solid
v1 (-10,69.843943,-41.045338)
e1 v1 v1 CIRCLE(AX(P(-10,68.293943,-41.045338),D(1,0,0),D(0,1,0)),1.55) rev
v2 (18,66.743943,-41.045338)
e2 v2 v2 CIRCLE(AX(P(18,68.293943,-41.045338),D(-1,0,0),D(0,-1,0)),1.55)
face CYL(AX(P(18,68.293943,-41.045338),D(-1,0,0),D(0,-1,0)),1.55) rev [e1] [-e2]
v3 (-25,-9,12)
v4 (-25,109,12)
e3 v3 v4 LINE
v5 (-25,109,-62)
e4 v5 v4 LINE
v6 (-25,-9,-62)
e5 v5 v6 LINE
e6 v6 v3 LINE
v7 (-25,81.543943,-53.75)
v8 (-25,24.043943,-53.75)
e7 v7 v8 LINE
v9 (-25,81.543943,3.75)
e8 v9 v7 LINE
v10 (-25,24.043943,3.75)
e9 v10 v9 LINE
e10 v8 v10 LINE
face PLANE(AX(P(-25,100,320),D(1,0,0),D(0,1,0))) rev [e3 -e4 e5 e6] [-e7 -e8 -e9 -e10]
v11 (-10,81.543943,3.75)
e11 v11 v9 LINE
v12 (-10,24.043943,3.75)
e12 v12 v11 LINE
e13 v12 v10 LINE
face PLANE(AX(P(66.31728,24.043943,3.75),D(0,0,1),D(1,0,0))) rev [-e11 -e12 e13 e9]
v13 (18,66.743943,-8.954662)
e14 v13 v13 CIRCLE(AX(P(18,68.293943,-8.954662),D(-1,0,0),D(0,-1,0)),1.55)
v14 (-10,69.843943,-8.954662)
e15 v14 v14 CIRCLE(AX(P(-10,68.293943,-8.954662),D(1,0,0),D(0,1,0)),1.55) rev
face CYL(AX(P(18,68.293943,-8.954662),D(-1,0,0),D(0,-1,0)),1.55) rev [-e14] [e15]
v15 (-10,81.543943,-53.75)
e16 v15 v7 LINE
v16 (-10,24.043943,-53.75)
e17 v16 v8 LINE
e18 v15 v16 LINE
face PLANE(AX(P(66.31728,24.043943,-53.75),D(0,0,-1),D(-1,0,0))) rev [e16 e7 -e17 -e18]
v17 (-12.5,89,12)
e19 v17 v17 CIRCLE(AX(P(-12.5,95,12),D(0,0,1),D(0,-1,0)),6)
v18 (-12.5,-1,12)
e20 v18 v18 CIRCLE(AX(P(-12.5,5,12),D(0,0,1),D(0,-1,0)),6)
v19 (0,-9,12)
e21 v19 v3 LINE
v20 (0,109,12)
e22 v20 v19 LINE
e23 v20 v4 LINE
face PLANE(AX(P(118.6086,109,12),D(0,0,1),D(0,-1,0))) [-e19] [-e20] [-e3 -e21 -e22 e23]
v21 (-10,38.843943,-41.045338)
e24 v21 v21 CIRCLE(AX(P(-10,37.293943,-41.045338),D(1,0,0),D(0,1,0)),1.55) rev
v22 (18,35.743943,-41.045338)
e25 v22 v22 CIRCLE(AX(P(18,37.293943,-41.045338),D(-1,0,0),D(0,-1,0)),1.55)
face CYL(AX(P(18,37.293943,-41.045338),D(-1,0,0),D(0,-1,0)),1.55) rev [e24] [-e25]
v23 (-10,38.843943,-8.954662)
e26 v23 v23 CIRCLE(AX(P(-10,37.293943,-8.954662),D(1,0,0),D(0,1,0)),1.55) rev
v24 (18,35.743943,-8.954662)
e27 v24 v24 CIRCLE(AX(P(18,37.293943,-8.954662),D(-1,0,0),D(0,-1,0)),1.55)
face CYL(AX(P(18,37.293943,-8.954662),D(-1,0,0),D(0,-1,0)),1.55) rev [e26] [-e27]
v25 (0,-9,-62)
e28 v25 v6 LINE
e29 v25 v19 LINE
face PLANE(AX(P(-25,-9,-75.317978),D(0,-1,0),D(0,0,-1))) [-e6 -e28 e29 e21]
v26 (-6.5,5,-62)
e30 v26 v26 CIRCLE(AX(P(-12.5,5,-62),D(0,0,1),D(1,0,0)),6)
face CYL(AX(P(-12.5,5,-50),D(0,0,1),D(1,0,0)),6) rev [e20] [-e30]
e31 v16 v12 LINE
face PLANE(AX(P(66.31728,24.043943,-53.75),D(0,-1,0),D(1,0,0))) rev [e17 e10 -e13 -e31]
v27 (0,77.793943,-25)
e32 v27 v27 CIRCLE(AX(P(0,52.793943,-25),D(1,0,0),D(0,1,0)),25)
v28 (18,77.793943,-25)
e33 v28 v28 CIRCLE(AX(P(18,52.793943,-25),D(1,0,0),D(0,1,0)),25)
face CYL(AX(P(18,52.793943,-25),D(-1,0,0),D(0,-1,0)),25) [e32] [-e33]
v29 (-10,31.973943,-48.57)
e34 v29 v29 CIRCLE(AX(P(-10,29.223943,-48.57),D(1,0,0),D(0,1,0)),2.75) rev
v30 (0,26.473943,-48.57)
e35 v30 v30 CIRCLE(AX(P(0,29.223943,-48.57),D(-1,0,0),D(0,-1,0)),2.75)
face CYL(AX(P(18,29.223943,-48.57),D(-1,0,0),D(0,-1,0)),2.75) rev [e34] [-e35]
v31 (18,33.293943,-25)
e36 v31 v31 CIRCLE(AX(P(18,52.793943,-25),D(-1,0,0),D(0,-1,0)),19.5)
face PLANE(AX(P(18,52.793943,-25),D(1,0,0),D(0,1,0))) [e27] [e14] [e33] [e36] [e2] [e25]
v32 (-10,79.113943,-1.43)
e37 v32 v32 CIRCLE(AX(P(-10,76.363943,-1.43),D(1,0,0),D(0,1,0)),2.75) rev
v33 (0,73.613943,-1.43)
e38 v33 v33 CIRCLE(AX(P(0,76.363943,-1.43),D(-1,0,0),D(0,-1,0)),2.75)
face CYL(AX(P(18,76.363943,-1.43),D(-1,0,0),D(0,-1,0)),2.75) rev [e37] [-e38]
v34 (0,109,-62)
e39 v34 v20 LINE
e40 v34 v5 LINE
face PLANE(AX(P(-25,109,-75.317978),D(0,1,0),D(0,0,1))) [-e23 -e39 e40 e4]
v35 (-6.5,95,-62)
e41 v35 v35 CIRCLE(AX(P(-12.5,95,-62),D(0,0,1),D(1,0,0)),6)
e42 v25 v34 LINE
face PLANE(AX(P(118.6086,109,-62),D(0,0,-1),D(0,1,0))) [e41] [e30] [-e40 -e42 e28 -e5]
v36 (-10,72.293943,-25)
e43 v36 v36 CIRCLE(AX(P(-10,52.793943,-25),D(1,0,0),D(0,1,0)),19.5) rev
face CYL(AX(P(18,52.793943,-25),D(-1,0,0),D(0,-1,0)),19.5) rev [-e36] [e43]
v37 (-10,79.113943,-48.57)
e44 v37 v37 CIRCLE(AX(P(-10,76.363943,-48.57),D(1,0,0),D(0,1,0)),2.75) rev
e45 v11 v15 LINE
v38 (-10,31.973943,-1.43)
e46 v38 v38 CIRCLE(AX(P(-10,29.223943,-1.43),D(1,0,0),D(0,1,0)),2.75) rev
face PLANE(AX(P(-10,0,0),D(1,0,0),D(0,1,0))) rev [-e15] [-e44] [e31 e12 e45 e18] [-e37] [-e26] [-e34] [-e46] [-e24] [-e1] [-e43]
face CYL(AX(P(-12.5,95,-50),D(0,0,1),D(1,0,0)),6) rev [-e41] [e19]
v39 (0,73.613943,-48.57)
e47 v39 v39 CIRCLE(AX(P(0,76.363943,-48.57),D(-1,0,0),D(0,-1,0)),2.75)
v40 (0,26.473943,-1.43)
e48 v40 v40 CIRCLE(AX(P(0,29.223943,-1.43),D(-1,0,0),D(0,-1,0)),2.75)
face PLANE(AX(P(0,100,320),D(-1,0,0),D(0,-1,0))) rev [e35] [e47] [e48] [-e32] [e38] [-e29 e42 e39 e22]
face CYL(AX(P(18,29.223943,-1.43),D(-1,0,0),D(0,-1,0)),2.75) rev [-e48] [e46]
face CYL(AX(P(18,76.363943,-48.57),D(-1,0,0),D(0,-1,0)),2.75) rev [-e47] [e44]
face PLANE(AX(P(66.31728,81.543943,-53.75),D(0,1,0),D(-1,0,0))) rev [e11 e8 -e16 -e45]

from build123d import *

# Parameters (mm, degrees)
BOSS_EXTRUDE1_DEPTH      = 320
SKETCH2_W                = 25
SKETCH2_H                = 100
BOSS_EXTRUDE2_DEPTH      = 50
CUT_EXTRUDE1_DEPTH       = 337.19190948
CUT_EXTRUDE1_DEPTH_BACK  = 337.19190948
SKETCH3_R                = 5
SKETCH4_W                = 150
SKETCH4_H                = 19.211352241
BOSS_EXTRUDE3_DEPTH      = 100
BOSS_EXTRUDE4_DEPTH      = 100
SKETCH6_W                = 42.1
SKETCH6_H                = 42.1
CUT_EXTRUDE2_DEPTH       = 10
SKETCH7_R                = 11
CUT_EXTRUDE3_DEPTH       = 2
CUT_EXTRUDE4_DEPTH       = 391.24267
CUT_EXTRUDE4_DEPTH_BACK  = 391.24267
SKETCH8_R                = 11
SKETCH10_R               = 25
SKETCH10_R_2             = 11
BOSS_EXTRUDE5_DEPTH      = 18
CUT_EXTRUDE6_DEPTH       = 381.347658714
CUT_EXTRUDE6_DEPTH_BACK  = 381.347658714
BOSS_EXTRUDE6_REACH      = 243.332
SKETCH12_W               = 150
SKETCH12_H               = 15
SKETCH13_W               = 165
SKETCH13_H               = 5
BOSS_EXTRUDE7_DEPTH      = 100
CUT_EXTRUDE7_DEPTH       = 282.821411126
CUT_EXTRUDE7_DEPTH_BACK  = 282.821411126
SKETCH16_W               = 62.5
SKETCH16_H               = 22.206056974
CUT_EXTRUDE9_DEPTH       = 298.574684732
SKETCH17_W               = 62.5
SKETCH17_H               = 5
BOSS_EXTRUDE8_DEPTH      = 15
SKETCH18_W               = 62.5
SKETCH18_H               = 11.362446971
BOSS_EXTRUDE9_DEPTH      = 15
SKETCH19_W               = 25
SKETCH19_H               = 100
BOSS_EXTRUDE11_DEPTH     = 9
SKETCH20_R               = 5
CUT_EXTRUDE10_DEPTH      = 62.5
SKETCH21_R               = 6
CUT_EXTRUDE11_DEPTH      = 62.5
CUT_EXTRUDE12_DEPTH      = 7
CUT_EXTRUDE14_DEPTH      = 261.438787644
CUT_EXTRUDE14_DEPTH_BACK = 261.438787644
SKETCH23_OUTSIDE_W       = 346.597
SKETCH23_OUTSIDE_H       = 164.386
SKETCH23_OUTSIDE_W_2     = 50
SKETCH23_OUTSIDE_H_2     = 100
CUT_EXTRUDE15_DEPTH      = 115.564392374
CUT_EXTRUDE15_DEPTH_BACK = 115.564392374
SKETCH24_R               = 6
SKETCH25_W               = 25
SKETCH25_H               = 5
BOSS_EXTRUDE12_DEPTH     = 50
SKETCH26_W               = 25
SKETCH26_H               = 4
BOSS_EXTRUDE13_DEPTH     = 50
CUT_EXTRUDE17_DEPTH      = 125.378454726
CUT_EXTRUDE17_DEPTH_BACK = 125.378454726
SKETCH27_R               = 1.55
SKETCH28_R               = 6
BOSS_EXTRUDE14_DEPTH     = 50
SKETCH29_R               = 5
CUT_EXTRUDE18_DEPTH      = 123.498979588
SKETCH30_R               = 5
BOSS_EXTRUDE15_DEPTH     = 50
SKETCH31_R               = 6
CUT_EXTRUDE19_DEPTH      = 123.498979588
SKETCH32_W               = 12
SKETCH32_H               = 118
BOSS_EXTRUDE17_DEPTH     = 25
SKETCH35_W               = 57
SKETCH35_H               = 57
CUT_EXTRUDE20_DEPTH      = 10
SKETCH36_R               = 19.5
CUT_EXTRUDE21_DEPTH      = 130.668808894
SKETCH37_R               = 2.75
CUT_EXTRUDE23_DEPTH      = 130.668808894
CUT_EXTRUDE24_DEPTH      = 135.096979832
CUT_EXTRUDE24_DEPTH_BACK = 135.096979832
SKETCH38_R               = 6
SKETCH39_W               = 57.5
SKETCH39_H               = 57.5
CUT_EXTRUDE25_DEPTH      = 10
SKETCH41_W               = 57.5
SKETCH41_H               = 57.5
CUT_EXTRUDE26_DEPTH      = 5


with BuildPart() as part:
    # Sketch1 → Boss-Extrude1 (new body)
    with BuildSketch(Plane.XY):
        Polygon((0, 100), (0, 85.5), (-5.5, 85.5), (-5.5, 92.241974104), (-11, 92.241974104), (-11, 13.345911947), (-5.5, 13.345911947), (-5.5, 20.087886052), (0, 20.087886052), (0, 5.587886052), (0, 0), (-25, 0), (-25, 100), align=None)
    extrude(amount=BOSS_EXTRUDE1_DEPTH)

    # Sketch2 → Boss-Extrude2 (add)
    with BuildSketch(Plane(origin=(0, 0, 0), x_dir=(-1, 0, 0), z_dir=(0, 0, -1))):
        with Locations((12.5, 50)):
            Rectangle(SKETCH2_W, SKETCH2_H)
    extrude(amount=BOSS_EXTRUDE2_DEPTH)

    # Sketch3 → Cut-Extrude1 (cut, two sides: drawn at the far end of the back side and taken through both)
    with BuildSketch(Plane(origin=(0, 0, 0), x_dir=(0, 0, -1), z_dir=(1, 0, 0)).offset(-CUT_EXTRUDE1_DEPTH_BACK)):
        with Locations(Location((25, 52.793943026, 0), (0, 0, 90))):
            Circle(SKETCH3_R)
    extrude(amount=CUT_EXTRUDE1_DEPTH + CUT_EXTRUDE1_DEPTH_BACK, mode=Mode.SUBTRACT)

    # Sketch4 → Boss-Extrude3 (add)
    with BuildSketch(Plane(origin=(0, 100, 0), x_dir=(1, 0, 0), z_dir=(0, 1, 0))):
        with Locations((50, -329.60567612)):
            Rectangle(SKETCH4_W, SKETCH4_H)
    extrude(amount=-BOSS_EXTRUDE3_DEPTH)

    # Sketch5 → Boss-Extrude4 (add)
    with BuildSketch(Plane(origin=(0, 0, 0), x_dir=(1, 0, 0), z_dir=(0, 1, 0))):
        Polygon((125, -209.211352241), (125, -339.211352241), (127.245354701, -339.211352241), (140, -339.211352241), (140, -209.211352241), align=None)
    extrude(amount=BOSS_EXTRUDE4_DEPTH)

    # Sketch6 → Cut-Extrude2 (cut)
    with BuildSketch(Plane.ZY.offset(25)):
        with Locations((-25, 52.793943026)):
            Rectangle(SKETCH6_W, SKETCH6_H)
    extrude(amount=-CUT_EXTRUDE2_DEPTH, mode=Mode.SUBTRACT)

    # Sketch7 → Cut-Extrude3 (cut)
    with BuildSketch(Plane.ZY.offset(15)):
        with Locations(Location((-25, 52.793943026, 0), (0, 0, 270))):
            Circle(SKETCH7_R)
    extrude(amount=-CUT_EXTRUDE3_DEPTH, mode=Mode.SUBTRACT)

    # Sketch8 → Cut-Extrude4 (cut, two sides: drawn at the far end of the back side and taken through both)
    with BuildSketch(Plane.ZY.offset(25).offset(-CUT_EXTRUDE4_DEPTH_BACK)):
        with Locations(Location((-25, 52.793943026, 0), (0, 0, 270))):
            Circle(SKETCH8_R)
    extrude(amount=CUT_EXTRUDE4_DEPTH + CUT_EXTRUDE4_DEPTH_BACK, mode=Mode.SUBTRACT)

    # Sketch10 → Boss-Extrude5 (add)
    with BuildSketch(Plane(origin=(0, 0, 0), x_dir=(0, 0, -1), z_dir=(1, 0, 0))):
        with Locations((25, 52.793943026)):
            Circle(SKETCH10_R)
        with Locations(Location((25, 52.793943026, 0), (0, 0, 270))):
            Circle(SKETCH10_R_2, mode=Mode.SUBTRACT)
    extrude(amount=BOSS_EXTRUDE5_DEPTH)

    # Sketch11 → Cut-Extrude6 (cut, two sides: drawn at the far end of the back side and taken through both)
    with BuildSketch(Plane(origin=(0, 0, 0), x_dir=(1, 0, 0), z_dir=(0, 1, 0)).offset(-CUT_EXTRUDE6_DEPTH_BACK)):
        Polygon((-25, -339.211352241), (-25, -218.211352241), (83.728432641, -218.211352241), (83.728432641, -190.050980202), (162.673418017, -190.050980202), (162.673418017, -339.211352241), align=None)
    extrude(amount=CUT_EXTRUDE6_DEPTH + CUT_EXTRUDE6_DEPTH_BACK, mode=Mode.SUBTRACT)

    # Boss-Extrude6: up to this face of the body (flat: up to its plane)
    boss_extrude6_end = Plane(part.part.faces().sort_by_distance((-12.5, 100, 84.10567612))[0])
    # Sketch12 → Boss-Extrude6 (add, up to the picked face)
    with BuildSketch(Plane(origin=(0, 0, 0), x_dir=(1, 0, 0), z_dir=(0, 1, 0)), mode=Mode.PRIVATE) as boss_extrude6_sk1:
        with Locations((50, -210.711352241)):
            Rectangle(SKETCH12_W, SKETCH12_H)
    boss_extrude6_tool1 = split(extrude(boss_extrude6_sk1.sketch, amount=BOSS_EXTRUDE6_REACH, mode=Mode.PRIVATE), bisect_by=boss_extrude6_end, keep=Keep.BOTH, mode=Mode.PRIVATE)
    # Sketch12 → Boss-Extrude6 (add, up to the picked face)
    with BuildSketch(Plane(origin=(0, 0, 0), x_dir=(1, 0, 0), z_dir=(0, 1, 0)), mode=Mode.PRIVATE) as boss_extrude6_sk2:
        Polygon((140, -118.211352241), (125, -118.211352241), (125, -203.211352241), (125, -218.211352241), (140, -218.211352241), align=None)
    boss_extrude6_tool2 = split(extrude(boss_extrude6_sk2.sketch, amount=BOSS_EXTRUDE6_REACH, mode=Mode.PRIVATE), bisect_by=boss_extrude6_end, keep=Keep.BOTH, mode=Mode.PRIVATE)
    add(boss_extrude6_tool1.solids().sort_by(Axis((50, 0, 210.711352), (0, 1, 0)))[0])
    add(boss_extrude6_tool2.solids().sort_by(Axis((132.5, 0, 168.211352), (0, 1, 0)))[0])

    # Sketch13 → Boss-Extrude7 (add)
    with BuildSketch(Plane(origin=(0, 0, 0), x_dir=(1, 0, 0), z_dir=(0, 1, 0))):
        with Locations((57.5, -220.711352241)):
            Rectangle(SKETCH13_W, SKETCH13_H)
    extrude(amount=BOSS_EXTRUDE7_DEPTH)

    # Sketch14 → Cut-Extrude7 (cut, two sides: drawn at the far end of the back side and taken through both)
    with BuildSketch(Plane(origin=(0, 0, 0), x_dir=(1, 0, 0), z_dir=(0, 1, 0)).offset(-CUT_EXTRUDE7_DEPTH_BACK)):
        Polygon((62.5, -203.211352241), (62.5, -244.24795379), (164.214361429, -244.24795379), (164.214361429, -100.335073146), (62.5, -100.335073146), align=None)
    extrude(amount=CUT_EXTRUDE7_DEPTH + CUT_EXTRUDE7_DEPTH_BACK, mode=Mode.SUBTRACT)

    # Sketch16 → Cut-Extrude9 (cut, through all)
    with BuildSketch(Plane.XY.offset(223.211352241)):
        with Locations((31.25, 88.896971513)):
            Rectangle(SKETCH16_W, SKETCH16_H)
        with Locations((31.25, 11.103028487)):
            Rectangle(SKETCH16_W, SKETCH16_H)
    extrude(amount=-CUT_EXTRUDE9_DEPTH, mode=Mode.SUBTRACT)

    # Sketch17 → Boss-Extrude8 (add)
    with BuildSketch(Plane(origin=(0, 77.793943026, 0), x_dir=(1, 0, 0), z_dir=(0, 1, 0))):
        with Locations((31.25, -210.711352241)):
            Rectangle(SKETCH17_W, SKETCH17_H)
        with Locations((31.25, -215.711352241)):
            Rectangle(SKETCH17_W, SKETCH17_H)
    extrude(amount=BOSS_EXTRUDE8_DEPTH)

    # Sketch18 → Boss-Extrude9 (add)
    with BuildSketch(Plane.XZ.offset(-22.206056974)):
        with Locations((31.25, 213.211352241)):
            Rectangle(SKETCH18_W, SKETCH18_H)
    extrude(amount=BOSS_EXTRUDE9_DEPTH)

    # Sketch19 → Boss-Extrude11 (add)
    with BuildSketch(Plane.XY.offset(223.211352241)):
        with Locations((-12.5, 50)):
            Rectangle(SKETCH19_W, SKETCH19_H)
    extrude(amount=BOSS_EXTRUDE11_DEPTH)

    # Sketch20 → Cut-Extrude10 (cut)
    with BuildSketch(Plane(origin=(62.5, 0, 0), x_dir=(0, 0, -1), z_dir=(1, 0, 0))):
        with Locations((-213.211352241, 50)):
            Circle(SKETCH20_R)
    extrude(amount=-CUT_EXTRUDE10_DEPTH, mode=Mode.SUBTRACT)

    # Sketch21 → Cut-Extrude11 (cut)
    with BuildSketch(Plane(origin=(62.5, 0, 0), x_dir=(0, 0, -1), z_dir=(1, 0, 0))):
        with Locations((-213.211352241, 50)):
            Circle(SKETCH21_R)
    extrude(amount=-CUT_EXTRUDE11_DEPTH, mode=Mode.SUBTRACT)

    # Sketch22 → Cut-Extrude12 (cut)
    with BuildSketch(Plane(origin=(62.5, 0, 0), x_dir=(0, 0, -1), z_dir=(1, 0, 0))):
        Polygon((-204.611352241, 45.034787685), (-204.611352241, 54.965212315), (-213.211352241, 59.93042463), (-221.811352241, 54.965212315), (-221.811352241, 45.034787685), (-213.211352241, 40.06957537), align=None)
    extrude(amount=-CUT_EXTRUDE12_DEPTH, mode=Mode.SUBTRACT)

    # Sketch23 outside → Cut-Extrude14 (cut, two sides: drawn at the far end of the back side and taken through both)
    with BuildSketch(Plane(origin=(0, 0, 0), x_dir=(0, 0, -1), z_dir=(1, 0, 0)).offset(-CUT_EXTRUDE14_DEPTH_BACK)):
        with Locations((-91.1055, 50)):
            Rectangle(SKETCH23_OUTSIDE_W, SKETCH23_OUTSIDE_H)
        with Locations((25, 50)):
            Rectangle(SKETCH23_OUTSIDE_W_2, SKETCH23_OUTSIDE_H_2, mode=Mode.SUBTRACT)
    extrude(amount=CUT_EXTRUDE14_DEPTH + CUT_EXTRUDE14_DEPTH_BACK, mode=Mode.SUBTRACT)

    # Sketch24 → Cut-Extrude15 (cut, two sides: drawn at the far end of the back side and taken through both)
    with BuildSketch(Plane.XY.offset(-CUT_EXTRUDE15_DEPTH_BACK)):
        with Locations((-12.5, 90)):
            Circle(SKETCH24_R)
        with Locations(Location((-12.5, 10, 0), (0, 0, 180))):
            Circle(SKETCH24_R)
    extrude(amount=CUT_EXTRUDE15_DEPTH + CUT_EXTRUDE15_DEPTH_BACK, mode=Mode.SUBTRACT)

    # Sketch25 → Boss-Extrude12 (add)
    with BuildSketch(Plane.XY):
        with Locations((-12.5, 102.5)):
            Rectangle(SKETCH25_W, SKETCH25_H)
        with Locations((-12.5, -2.5)):
            Rectangle(SKETCH25_W, SKETCH25_H)
    extrude(amount=-BOSS_EXTRUDE12_DEPTH)

    # Sketch26 → Boss-Extrude13 (add)
    with BuildSketch(Plane.XY):
        with Locations((-12.5, -7)):
            Rectangle(SKETCH26_W, SKETCH26_H)
        with Locations((-12.5, 107)):
            Rectangle(SKETCH26_W, SKETCH26_H)
    extrude(amount=-BOSS_EXTRUDE13_DEPTH)

    # Sketch27 → Cut-Extrude17 (cut, two sides: drawn at the far end of the back side and taken through both)
    with BuildSketch(Plane.ZY.offset(15).offset(-CUT_EXTRUDE17_DEPTH_BACK)):
        with Locations(Location((-8.954662436, 68.293943026, 0), (0, 0, 270))):
            Circle(SKETCH27_R)
        with Locations(Location((-41.045337564, 68.293943026, 0), (0, 0, 270))):
            Circle(SKETCH27_R)
        with Locations(Location((-41.045337564, 37.293943026, 0), (0, 0, 270))):
            Circle(SKETCH27_R)
        with Locations(Location((-8.954662436, 37.293943026, 0), (0, 0, 270))):
            Circle(SKETCH27_R)
    extrude(amount=CUT_EXTRUDE17_DEPTH + CUT_EXTRUDE17_DEPTH_BACK, mode=Mode.SUBTRACT)

    # Sketch28 → Boss-Extrude14 (add)
    with BuildSketch(Plane.XY):
        with Locations((-12.5, 90)):
            Circle(SKETCH28_R)
        with Locations((-12.5, 10)):
            Circle(SKETCH28_R)
    extrude(amount=-BOSS_EXTRUDE14_DEPTH)

    # Sketch29 → Cut-Extrude18 (cut, through all)
    with BuildSketch(Plane.XY):
        with Locations((-12.5, 99)):
            Circle(SKETCH29_R)
        with Locations(Location((-12.5, 1, 0), (0, 0, 180))):
            Circle(SKETCH29_R)
    extrude(amount=-CUT_EXTRUDE18_DEPTH, mode=Mode.SUBTRACT)

    # Sketch30 → Boss-Extrude15 (add)
    with BuildSketch(Plane.XY):
        with Locations((-12.5, 99)):
            Circle(SKETCH30_R)
        with Locations((-12.5, 1)):
            Circle(SKETCH30_R)
    extrude(amount=-BOSS_EXTRUDE15_DEPTH)

    # Sketch31 → Cut-Extrude19 (cut, through all)
    with BuildSketch(Plane.XY):
        with Locations((-12.5, 95)):
            Circle(SKETCH31_R)
        with Locations((-12.5, 5)):
            Circle(SKETCH31_R)
    extrude(amount=-CUT_EXTRUDE19_DEPTH, mode=Mode.SUBTRACT)

    # Sketch32 → Boss-Extrude17 (add)
    with BuildSketch(Plane.ZY.offset(25)):
        with Locations((6, 50)):
            Rectangle(SKETCH32_W, SKETCH32_H)
        with Locations((-56, 50)):
            Rectangle(SKETCH32_W, SKETCH32_H)
    extrude(amount=-BOSS_EXTRUDE17_DEPTH)

    # Sketch35 → Cut-Extrude20 (cut)
    with BuildSketch(Plane.ZY.offset(25)):
        with Locations((-25, 52.793943026)):
            Rectangle(SKETCH35_W, SKETCH35_H)
    extrude(amount=-CUT_EXTRUDE20_DEPTH, mode=Mode.SUBTRACT)

    # Sketch36 → Cut-Extrude21 (cut, through all)
    with BuildSketch(Plane.ZY.offset(15)):
        with Locations(Location((-25, 52.793943026, 0), (0, 0, 270))):
            Circle(SKETCH36_R)
    extrude(amount=-CUT_EXTRUDE21_DEPTH, mode=Mode.SUBTRACT)

    # Sketch37 → Cut-Extrude23 (cut, through all)
    with BuildSketch(Plane.ZY.offset(15)):
        with Locations(Location((-48.57, 76.363943026, 0), (0, 0, 270))):
            Circle(SKETCH37_R)
        with Locations(Location((-1.43, 76.363943026, 0), (0, 0, 270))):
            Circle(SKETCH37_R)
        with Locations(Location((-1.43, 29.223943026, 0), (0, 0, 270))):
            Circle(SKETCH37_R)
        with Locations(Location((-48.57, 29.223943026, 0), (0, 0, 270))):
            Circle(SKETCH37_R)
    extrude(amount=-CUT_EXTRUDE23_DEPTH, mode=Mode.SUBTRACT)

    # Sketch38 → Cut-Extrude24 (cut, two sides: drawn at the far end of the back side and taken through both)
    with BuildSketch(Plane.XY.offset(12).offset(-CUT_EXTRUDE24_DEPTH_BACK)):
        with Locations((-12.5, 95)):
            Circle(SKETCH38_R)
        with Locations((-12.5, 5)):
            Circle(SKETCH38_R)
    extrude(amount=CUT_EXTRUDE24_DEPTH + CUT_EXTRUDE24_DEPTH_BACK, mode=Mode.SUBTRACT)

    # Sketch39 → Cut-Extrude25 (cut)
    with BuildSketch(Plane.ZY.offset(25)):
        with Locations((-25, 52.793943026)):
            Rectangle(SKETCH39_W, SKETCH39_H)
    extrude(amount=-CUT_EXTRUDE25_DEPTH, mode=Mode.SUBTRACT)

    # Sketch41 → Cut-Extrude26 (cut)
    with BuildSketch(Plane.ZY.offset(15)):
        with Locations((-25, 52.793943026)):
            Rectangle(SKETCH41_W, SKETCH41_H)
    extrude(amount=-CUT_EXTRUDE26_DEPTH, mode=Mode.SUBTRACT)


solid = part.part
